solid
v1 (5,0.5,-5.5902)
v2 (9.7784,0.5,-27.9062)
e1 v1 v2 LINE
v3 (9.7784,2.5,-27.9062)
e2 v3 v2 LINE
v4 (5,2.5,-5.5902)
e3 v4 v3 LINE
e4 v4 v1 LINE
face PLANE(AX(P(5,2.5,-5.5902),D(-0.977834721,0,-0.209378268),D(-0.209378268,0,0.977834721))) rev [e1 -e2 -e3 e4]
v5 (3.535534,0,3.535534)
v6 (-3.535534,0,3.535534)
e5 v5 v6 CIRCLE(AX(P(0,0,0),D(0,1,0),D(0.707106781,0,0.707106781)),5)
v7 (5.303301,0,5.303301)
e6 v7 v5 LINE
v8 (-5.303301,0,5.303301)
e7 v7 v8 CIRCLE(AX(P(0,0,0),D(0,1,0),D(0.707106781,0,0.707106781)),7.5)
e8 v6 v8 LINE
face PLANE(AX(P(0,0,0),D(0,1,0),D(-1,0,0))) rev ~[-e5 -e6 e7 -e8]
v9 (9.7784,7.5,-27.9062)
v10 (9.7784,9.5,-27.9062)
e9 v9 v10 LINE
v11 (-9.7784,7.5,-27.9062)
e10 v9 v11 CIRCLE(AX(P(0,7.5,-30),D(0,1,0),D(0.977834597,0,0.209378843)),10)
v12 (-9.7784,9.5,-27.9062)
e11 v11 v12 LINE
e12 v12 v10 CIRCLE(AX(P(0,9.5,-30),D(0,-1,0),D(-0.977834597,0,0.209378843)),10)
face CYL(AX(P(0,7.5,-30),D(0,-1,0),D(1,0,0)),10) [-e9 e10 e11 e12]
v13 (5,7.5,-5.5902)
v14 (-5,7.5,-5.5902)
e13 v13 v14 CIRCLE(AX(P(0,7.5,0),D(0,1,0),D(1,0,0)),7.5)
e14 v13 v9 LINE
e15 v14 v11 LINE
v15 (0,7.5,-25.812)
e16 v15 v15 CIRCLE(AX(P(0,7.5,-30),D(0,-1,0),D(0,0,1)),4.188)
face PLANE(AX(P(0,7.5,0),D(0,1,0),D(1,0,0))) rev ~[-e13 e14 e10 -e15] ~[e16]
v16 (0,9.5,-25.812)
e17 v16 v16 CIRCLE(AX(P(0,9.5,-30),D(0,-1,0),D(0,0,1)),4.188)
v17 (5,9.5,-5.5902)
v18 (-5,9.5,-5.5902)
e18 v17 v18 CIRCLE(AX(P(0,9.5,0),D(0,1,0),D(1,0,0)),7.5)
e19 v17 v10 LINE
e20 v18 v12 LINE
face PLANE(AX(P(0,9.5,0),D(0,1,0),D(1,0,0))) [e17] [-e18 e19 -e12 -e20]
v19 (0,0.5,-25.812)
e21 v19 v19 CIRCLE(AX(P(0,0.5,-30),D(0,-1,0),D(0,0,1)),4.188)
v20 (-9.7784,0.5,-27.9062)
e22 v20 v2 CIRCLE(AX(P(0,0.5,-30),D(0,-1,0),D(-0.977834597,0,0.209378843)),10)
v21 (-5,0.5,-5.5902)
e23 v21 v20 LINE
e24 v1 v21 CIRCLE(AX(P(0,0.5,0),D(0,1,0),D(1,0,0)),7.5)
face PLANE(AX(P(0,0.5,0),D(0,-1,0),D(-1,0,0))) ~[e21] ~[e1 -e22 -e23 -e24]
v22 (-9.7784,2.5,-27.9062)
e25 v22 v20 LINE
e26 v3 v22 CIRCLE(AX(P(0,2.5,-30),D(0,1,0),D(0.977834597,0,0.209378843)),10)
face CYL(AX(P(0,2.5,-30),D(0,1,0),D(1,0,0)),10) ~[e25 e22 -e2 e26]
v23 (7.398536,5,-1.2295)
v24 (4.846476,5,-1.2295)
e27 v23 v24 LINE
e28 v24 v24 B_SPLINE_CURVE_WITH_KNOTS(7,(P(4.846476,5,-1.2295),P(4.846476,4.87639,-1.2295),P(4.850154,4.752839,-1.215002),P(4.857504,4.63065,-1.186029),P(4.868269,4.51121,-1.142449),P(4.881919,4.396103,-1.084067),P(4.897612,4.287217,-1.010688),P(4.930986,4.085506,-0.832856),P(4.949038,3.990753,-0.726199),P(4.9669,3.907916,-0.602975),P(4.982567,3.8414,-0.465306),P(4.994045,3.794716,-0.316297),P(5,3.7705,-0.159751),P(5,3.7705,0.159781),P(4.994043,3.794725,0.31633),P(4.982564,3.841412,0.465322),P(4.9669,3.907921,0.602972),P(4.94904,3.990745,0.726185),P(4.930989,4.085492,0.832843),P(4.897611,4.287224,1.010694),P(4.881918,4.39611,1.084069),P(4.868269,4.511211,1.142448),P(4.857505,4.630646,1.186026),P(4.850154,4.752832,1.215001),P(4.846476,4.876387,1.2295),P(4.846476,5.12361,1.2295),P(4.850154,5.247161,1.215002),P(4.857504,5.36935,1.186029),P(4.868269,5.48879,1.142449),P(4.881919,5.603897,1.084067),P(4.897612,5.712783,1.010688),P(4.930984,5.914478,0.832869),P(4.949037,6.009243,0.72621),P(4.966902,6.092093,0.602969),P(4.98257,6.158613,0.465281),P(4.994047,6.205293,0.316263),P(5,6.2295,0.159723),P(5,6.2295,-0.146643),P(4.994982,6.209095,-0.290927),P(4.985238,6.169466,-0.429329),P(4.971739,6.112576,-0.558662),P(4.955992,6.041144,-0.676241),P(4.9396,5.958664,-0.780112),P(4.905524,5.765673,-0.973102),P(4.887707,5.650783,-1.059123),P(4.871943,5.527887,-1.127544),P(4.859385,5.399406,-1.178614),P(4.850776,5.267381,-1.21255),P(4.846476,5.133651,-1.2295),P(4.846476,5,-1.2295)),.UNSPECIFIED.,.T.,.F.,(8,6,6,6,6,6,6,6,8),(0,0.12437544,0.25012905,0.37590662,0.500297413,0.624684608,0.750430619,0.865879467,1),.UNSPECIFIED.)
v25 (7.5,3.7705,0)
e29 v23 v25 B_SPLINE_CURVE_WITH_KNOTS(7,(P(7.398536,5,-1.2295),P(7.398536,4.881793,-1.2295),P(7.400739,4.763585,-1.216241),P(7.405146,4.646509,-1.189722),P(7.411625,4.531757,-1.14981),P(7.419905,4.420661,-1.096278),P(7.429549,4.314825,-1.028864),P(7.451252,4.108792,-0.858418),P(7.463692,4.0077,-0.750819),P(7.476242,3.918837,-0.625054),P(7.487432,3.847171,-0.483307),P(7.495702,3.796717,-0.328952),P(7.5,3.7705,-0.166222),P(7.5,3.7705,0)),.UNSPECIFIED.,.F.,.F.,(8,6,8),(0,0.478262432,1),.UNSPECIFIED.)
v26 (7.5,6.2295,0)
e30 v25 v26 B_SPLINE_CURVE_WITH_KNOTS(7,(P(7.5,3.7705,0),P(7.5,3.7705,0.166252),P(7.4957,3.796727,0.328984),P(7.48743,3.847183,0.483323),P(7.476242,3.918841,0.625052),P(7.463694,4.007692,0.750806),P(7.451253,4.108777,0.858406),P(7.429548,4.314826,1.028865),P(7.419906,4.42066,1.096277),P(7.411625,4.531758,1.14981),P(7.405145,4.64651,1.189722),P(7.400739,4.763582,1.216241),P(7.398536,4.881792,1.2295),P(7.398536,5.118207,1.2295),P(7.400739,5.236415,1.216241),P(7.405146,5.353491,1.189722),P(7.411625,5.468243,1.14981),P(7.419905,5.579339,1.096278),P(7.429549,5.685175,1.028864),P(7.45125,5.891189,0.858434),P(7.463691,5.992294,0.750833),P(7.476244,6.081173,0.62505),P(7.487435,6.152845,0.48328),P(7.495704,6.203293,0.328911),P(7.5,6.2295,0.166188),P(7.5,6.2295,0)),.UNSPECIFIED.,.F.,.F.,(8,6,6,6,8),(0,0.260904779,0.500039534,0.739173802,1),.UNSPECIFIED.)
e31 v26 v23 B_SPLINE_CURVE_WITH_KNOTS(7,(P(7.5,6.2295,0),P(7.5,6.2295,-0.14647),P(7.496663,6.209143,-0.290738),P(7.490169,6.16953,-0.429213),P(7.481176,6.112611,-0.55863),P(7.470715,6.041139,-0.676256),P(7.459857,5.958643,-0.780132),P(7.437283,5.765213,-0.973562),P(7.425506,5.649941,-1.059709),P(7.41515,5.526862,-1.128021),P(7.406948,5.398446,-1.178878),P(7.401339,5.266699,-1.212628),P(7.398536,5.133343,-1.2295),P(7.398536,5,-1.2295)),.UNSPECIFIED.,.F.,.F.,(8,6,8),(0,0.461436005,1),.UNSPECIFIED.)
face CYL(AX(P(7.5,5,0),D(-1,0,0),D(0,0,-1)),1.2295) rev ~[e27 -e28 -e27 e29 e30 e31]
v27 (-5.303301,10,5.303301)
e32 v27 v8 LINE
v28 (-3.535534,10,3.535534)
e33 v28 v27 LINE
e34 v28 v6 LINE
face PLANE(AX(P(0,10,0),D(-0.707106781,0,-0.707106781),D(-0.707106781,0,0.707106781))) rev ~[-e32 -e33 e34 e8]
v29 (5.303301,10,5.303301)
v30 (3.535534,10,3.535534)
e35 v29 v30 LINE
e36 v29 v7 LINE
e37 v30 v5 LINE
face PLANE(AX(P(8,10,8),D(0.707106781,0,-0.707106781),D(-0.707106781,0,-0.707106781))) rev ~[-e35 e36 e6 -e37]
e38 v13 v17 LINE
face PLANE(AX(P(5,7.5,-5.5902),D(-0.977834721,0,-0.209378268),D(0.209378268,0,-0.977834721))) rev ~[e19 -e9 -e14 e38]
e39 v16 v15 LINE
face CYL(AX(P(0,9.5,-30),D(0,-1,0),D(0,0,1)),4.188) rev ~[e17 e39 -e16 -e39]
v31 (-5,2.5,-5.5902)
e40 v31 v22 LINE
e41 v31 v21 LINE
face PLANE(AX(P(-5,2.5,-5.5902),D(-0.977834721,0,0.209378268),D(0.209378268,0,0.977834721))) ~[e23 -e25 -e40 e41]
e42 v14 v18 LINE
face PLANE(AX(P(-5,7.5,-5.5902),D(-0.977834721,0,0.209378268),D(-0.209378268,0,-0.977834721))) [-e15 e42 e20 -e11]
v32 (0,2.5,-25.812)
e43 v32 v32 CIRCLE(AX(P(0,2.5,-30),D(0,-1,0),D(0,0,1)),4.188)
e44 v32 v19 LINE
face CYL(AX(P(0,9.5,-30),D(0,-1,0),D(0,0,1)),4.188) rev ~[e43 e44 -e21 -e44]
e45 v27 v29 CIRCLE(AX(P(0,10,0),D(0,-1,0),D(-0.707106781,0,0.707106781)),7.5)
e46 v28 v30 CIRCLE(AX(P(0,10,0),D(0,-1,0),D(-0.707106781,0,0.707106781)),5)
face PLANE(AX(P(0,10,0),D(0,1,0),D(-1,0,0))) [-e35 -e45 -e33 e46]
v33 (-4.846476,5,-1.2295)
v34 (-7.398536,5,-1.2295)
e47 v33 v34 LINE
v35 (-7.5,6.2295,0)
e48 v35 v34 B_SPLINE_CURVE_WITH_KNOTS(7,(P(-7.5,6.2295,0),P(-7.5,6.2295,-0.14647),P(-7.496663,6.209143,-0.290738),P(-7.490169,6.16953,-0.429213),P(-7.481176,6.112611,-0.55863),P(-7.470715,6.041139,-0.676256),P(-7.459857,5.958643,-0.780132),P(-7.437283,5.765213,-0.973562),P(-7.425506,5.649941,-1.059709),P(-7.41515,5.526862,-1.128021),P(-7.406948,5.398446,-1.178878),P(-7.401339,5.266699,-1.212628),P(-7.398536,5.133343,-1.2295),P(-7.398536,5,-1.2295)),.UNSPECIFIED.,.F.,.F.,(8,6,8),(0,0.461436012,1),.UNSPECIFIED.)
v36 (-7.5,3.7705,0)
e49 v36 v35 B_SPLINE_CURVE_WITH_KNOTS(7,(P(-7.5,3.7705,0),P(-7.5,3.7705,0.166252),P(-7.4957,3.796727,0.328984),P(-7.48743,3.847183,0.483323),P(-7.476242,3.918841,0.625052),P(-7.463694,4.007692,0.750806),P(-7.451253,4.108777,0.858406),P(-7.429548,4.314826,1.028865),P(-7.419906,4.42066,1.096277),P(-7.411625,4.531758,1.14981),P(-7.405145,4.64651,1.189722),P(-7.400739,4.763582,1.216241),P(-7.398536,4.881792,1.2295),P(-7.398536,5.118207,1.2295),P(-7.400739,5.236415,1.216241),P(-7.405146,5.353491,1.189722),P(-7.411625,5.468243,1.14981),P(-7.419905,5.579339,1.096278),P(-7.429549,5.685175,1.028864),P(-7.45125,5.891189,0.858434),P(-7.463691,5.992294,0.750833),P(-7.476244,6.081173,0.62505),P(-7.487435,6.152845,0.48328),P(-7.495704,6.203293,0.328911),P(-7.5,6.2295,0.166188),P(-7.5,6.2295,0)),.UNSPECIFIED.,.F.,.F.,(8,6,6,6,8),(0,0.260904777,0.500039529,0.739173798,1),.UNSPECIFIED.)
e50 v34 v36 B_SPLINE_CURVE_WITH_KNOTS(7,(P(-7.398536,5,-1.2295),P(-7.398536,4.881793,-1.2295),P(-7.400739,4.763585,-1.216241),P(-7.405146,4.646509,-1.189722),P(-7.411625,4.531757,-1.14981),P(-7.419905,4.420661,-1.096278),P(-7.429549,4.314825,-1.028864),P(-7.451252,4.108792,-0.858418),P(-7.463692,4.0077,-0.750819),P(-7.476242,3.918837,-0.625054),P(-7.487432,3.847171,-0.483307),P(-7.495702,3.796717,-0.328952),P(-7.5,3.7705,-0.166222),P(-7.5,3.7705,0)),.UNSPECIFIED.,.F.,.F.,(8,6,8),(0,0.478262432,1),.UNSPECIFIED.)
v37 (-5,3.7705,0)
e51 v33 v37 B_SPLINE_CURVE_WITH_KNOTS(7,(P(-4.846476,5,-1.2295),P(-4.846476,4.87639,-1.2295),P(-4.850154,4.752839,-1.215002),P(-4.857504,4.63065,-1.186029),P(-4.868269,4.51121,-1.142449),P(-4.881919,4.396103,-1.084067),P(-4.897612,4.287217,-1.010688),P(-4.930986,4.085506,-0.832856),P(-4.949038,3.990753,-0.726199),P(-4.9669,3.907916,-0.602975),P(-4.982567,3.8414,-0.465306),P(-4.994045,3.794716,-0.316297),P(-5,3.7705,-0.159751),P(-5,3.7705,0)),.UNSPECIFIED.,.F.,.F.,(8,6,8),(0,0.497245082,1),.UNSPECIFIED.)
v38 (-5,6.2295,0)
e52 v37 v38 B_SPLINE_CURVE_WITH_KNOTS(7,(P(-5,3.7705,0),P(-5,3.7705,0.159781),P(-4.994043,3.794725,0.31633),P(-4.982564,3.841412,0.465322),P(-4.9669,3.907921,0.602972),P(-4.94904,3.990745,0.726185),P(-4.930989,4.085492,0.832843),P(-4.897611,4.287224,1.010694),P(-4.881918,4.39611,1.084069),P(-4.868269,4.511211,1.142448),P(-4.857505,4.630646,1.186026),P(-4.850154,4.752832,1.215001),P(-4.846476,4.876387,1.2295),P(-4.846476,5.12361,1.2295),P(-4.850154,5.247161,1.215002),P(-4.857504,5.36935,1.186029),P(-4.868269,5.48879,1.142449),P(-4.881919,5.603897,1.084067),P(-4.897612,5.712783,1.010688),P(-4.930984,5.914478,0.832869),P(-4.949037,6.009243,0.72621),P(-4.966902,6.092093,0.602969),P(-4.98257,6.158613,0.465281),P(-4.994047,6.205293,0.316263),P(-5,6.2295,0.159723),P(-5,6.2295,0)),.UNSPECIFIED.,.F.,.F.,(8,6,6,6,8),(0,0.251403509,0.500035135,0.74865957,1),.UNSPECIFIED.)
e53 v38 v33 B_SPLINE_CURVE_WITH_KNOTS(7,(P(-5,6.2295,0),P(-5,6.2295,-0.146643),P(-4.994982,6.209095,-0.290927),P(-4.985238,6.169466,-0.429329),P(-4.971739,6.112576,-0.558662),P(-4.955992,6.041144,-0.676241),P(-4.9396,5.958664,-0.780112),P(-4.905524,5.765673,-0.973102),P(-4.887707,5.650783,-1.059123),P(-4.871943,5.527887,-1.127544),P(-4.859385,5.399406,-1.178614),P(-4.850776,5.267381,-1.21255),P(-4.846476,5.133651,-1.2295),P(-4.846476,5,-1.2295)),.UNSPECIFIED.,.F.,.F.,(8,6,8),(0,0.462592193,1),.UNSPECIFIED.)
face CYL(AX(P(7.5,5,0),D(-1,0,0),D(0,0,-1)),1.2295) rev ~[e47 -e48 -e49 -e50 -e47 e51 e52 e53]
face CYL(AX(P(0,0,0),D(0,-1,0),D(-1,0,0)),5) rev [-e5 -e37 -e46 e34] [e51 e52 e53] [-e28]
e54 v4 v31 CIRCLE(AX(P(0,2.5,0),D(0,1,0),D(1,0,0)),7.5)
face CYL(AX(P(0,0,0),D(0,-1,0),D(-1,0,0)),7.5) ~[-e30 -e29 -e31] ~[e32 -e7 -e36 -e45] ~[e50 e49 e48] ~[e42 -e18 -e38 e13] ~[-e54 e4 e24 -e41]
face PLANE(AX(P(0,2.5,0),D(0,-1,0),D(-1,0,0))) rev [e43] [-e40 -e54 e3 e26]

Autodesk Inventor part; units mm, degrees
sketch "Sketch1" plane through (0, 0, 0) normal (0, 1, 0) x (-1, 0, 0)
  circle A0 centre (0, 0) radius 5
  circle A1 centre (0, 0) radius 7.5
  dimension "d0" = 10
  dimension "d1" = 15
extrude "Extrusion1" add sketch "Sketch1" along normal blind 10
ref_plane "Work Plane1" through (0, 7.5, 0) normal (0, 1, 0) x (1, 0, 0)
sketch "Sketch2" plane through (0, 7.5, 0) normal (0, 1, 0) x (1, 0, 0)
  line L0 (-5, 5.5902) -> (-5, 15)
  line L1 (-5, 15) -> (5, 15)
  line L2 (5, 15) -> (5, 5.5902)
  circle A0 centre (0, 0) radius 7.5 projected
  circle A1 centre (0, 0) radius 7.5 projected
  dimension "d5" = 10
  dimension "d6" = 5
  dimension "d7" = 15
extrude "Extrusion2" add sketch "Sketch2" along normal blind 2 contours L0 L1 L2 A0
ref_plane "Work Plane2" through (0, 5, 0) normal (0, -1, 0) x (1, 0, 0)
sketch "Sketch4" plane through (0, 7.5, 0) normal (0, -1, 0) x (1, 0, 0)
  circle A0 centre (0, -30) radius 10
  line L0 (5, -5.5902) -> (5, -15) projected
  line L1 (-5, -15) -> (-5, -5.5902) projected
  line L2 (-5, -5.5902) -> (-9.7784, -27.9062)
  line L3 (5, -5.5902) -> (9.7784, -27.9062)
  line L4 (5, -15) -> (-5, -15) projected
  point P0 (0, 0)
  dimension "d11" = 20
  dimension "d26" = 30
sketch "Sketch5" plane through (0, 10, 0) normal (0, 1, 0) x (1, 0, 0)
  line L0 (0, 0) -> (-8, -8)
  line L1 (-8, -8) -> (8, -8)
  line L2 (8, -8) -> (0, 0)
  line L3 (-13.7421, 0) -> (14.2579, 0) projected
  dimension "d12" = 8
  dimension "d13" = 45
  dimension "d14" = 45
extrude "Extrusion3" cut sketch "Sketch5" against normal blind 10
ref_plane "Work Plane3" through (7.5, 0, 0) normal (1, 0, 0) x (0, 1, 0)
sketch "Sketch6" plane through (7.5, 0, 0) normal (1, 0, 0) x (0, 1, 0)
  point P0 (0, 0)
  point P1 (5, 0)
  dimension "d18" = 5
hole "Hole1" at (7.5, 5, 0) direction (-1, 0, 0) diameter 2.459 end through all thread size "M3x0.5" class "6H" standard "ISO Metric profile"
extrude "Extrusion4" add sketch "Sketch4" against normal blind 2
ref_plane "Work Plane5" through (0, 5, 0) normal (0, -1, 0) x (1, 0, 0)
mirror "Mirror2" about plane through (0, 5, 0) normal (0, -1, 0) of "Extrusion2", "Extrusion4"
sketch "Sketch7" plane through (0, 9.5, 0) normal (0, 1, 0) x (1, 0, 0)
  arc A0 (9.7784, 27.9062) -> (-9.7784, 27.9062) centre (0, 30) ccw projected
  point P0 (0, 0)
hole "Hole2" at (0, 9.5, -30) direction (0, -1, 0) diameter 8.376 end through all thread size "M10x1.5" class "6H" standard "ISO Metric profile"
properties part number "KEP_BUT" material "Nickel-Copper Alloy 400"
